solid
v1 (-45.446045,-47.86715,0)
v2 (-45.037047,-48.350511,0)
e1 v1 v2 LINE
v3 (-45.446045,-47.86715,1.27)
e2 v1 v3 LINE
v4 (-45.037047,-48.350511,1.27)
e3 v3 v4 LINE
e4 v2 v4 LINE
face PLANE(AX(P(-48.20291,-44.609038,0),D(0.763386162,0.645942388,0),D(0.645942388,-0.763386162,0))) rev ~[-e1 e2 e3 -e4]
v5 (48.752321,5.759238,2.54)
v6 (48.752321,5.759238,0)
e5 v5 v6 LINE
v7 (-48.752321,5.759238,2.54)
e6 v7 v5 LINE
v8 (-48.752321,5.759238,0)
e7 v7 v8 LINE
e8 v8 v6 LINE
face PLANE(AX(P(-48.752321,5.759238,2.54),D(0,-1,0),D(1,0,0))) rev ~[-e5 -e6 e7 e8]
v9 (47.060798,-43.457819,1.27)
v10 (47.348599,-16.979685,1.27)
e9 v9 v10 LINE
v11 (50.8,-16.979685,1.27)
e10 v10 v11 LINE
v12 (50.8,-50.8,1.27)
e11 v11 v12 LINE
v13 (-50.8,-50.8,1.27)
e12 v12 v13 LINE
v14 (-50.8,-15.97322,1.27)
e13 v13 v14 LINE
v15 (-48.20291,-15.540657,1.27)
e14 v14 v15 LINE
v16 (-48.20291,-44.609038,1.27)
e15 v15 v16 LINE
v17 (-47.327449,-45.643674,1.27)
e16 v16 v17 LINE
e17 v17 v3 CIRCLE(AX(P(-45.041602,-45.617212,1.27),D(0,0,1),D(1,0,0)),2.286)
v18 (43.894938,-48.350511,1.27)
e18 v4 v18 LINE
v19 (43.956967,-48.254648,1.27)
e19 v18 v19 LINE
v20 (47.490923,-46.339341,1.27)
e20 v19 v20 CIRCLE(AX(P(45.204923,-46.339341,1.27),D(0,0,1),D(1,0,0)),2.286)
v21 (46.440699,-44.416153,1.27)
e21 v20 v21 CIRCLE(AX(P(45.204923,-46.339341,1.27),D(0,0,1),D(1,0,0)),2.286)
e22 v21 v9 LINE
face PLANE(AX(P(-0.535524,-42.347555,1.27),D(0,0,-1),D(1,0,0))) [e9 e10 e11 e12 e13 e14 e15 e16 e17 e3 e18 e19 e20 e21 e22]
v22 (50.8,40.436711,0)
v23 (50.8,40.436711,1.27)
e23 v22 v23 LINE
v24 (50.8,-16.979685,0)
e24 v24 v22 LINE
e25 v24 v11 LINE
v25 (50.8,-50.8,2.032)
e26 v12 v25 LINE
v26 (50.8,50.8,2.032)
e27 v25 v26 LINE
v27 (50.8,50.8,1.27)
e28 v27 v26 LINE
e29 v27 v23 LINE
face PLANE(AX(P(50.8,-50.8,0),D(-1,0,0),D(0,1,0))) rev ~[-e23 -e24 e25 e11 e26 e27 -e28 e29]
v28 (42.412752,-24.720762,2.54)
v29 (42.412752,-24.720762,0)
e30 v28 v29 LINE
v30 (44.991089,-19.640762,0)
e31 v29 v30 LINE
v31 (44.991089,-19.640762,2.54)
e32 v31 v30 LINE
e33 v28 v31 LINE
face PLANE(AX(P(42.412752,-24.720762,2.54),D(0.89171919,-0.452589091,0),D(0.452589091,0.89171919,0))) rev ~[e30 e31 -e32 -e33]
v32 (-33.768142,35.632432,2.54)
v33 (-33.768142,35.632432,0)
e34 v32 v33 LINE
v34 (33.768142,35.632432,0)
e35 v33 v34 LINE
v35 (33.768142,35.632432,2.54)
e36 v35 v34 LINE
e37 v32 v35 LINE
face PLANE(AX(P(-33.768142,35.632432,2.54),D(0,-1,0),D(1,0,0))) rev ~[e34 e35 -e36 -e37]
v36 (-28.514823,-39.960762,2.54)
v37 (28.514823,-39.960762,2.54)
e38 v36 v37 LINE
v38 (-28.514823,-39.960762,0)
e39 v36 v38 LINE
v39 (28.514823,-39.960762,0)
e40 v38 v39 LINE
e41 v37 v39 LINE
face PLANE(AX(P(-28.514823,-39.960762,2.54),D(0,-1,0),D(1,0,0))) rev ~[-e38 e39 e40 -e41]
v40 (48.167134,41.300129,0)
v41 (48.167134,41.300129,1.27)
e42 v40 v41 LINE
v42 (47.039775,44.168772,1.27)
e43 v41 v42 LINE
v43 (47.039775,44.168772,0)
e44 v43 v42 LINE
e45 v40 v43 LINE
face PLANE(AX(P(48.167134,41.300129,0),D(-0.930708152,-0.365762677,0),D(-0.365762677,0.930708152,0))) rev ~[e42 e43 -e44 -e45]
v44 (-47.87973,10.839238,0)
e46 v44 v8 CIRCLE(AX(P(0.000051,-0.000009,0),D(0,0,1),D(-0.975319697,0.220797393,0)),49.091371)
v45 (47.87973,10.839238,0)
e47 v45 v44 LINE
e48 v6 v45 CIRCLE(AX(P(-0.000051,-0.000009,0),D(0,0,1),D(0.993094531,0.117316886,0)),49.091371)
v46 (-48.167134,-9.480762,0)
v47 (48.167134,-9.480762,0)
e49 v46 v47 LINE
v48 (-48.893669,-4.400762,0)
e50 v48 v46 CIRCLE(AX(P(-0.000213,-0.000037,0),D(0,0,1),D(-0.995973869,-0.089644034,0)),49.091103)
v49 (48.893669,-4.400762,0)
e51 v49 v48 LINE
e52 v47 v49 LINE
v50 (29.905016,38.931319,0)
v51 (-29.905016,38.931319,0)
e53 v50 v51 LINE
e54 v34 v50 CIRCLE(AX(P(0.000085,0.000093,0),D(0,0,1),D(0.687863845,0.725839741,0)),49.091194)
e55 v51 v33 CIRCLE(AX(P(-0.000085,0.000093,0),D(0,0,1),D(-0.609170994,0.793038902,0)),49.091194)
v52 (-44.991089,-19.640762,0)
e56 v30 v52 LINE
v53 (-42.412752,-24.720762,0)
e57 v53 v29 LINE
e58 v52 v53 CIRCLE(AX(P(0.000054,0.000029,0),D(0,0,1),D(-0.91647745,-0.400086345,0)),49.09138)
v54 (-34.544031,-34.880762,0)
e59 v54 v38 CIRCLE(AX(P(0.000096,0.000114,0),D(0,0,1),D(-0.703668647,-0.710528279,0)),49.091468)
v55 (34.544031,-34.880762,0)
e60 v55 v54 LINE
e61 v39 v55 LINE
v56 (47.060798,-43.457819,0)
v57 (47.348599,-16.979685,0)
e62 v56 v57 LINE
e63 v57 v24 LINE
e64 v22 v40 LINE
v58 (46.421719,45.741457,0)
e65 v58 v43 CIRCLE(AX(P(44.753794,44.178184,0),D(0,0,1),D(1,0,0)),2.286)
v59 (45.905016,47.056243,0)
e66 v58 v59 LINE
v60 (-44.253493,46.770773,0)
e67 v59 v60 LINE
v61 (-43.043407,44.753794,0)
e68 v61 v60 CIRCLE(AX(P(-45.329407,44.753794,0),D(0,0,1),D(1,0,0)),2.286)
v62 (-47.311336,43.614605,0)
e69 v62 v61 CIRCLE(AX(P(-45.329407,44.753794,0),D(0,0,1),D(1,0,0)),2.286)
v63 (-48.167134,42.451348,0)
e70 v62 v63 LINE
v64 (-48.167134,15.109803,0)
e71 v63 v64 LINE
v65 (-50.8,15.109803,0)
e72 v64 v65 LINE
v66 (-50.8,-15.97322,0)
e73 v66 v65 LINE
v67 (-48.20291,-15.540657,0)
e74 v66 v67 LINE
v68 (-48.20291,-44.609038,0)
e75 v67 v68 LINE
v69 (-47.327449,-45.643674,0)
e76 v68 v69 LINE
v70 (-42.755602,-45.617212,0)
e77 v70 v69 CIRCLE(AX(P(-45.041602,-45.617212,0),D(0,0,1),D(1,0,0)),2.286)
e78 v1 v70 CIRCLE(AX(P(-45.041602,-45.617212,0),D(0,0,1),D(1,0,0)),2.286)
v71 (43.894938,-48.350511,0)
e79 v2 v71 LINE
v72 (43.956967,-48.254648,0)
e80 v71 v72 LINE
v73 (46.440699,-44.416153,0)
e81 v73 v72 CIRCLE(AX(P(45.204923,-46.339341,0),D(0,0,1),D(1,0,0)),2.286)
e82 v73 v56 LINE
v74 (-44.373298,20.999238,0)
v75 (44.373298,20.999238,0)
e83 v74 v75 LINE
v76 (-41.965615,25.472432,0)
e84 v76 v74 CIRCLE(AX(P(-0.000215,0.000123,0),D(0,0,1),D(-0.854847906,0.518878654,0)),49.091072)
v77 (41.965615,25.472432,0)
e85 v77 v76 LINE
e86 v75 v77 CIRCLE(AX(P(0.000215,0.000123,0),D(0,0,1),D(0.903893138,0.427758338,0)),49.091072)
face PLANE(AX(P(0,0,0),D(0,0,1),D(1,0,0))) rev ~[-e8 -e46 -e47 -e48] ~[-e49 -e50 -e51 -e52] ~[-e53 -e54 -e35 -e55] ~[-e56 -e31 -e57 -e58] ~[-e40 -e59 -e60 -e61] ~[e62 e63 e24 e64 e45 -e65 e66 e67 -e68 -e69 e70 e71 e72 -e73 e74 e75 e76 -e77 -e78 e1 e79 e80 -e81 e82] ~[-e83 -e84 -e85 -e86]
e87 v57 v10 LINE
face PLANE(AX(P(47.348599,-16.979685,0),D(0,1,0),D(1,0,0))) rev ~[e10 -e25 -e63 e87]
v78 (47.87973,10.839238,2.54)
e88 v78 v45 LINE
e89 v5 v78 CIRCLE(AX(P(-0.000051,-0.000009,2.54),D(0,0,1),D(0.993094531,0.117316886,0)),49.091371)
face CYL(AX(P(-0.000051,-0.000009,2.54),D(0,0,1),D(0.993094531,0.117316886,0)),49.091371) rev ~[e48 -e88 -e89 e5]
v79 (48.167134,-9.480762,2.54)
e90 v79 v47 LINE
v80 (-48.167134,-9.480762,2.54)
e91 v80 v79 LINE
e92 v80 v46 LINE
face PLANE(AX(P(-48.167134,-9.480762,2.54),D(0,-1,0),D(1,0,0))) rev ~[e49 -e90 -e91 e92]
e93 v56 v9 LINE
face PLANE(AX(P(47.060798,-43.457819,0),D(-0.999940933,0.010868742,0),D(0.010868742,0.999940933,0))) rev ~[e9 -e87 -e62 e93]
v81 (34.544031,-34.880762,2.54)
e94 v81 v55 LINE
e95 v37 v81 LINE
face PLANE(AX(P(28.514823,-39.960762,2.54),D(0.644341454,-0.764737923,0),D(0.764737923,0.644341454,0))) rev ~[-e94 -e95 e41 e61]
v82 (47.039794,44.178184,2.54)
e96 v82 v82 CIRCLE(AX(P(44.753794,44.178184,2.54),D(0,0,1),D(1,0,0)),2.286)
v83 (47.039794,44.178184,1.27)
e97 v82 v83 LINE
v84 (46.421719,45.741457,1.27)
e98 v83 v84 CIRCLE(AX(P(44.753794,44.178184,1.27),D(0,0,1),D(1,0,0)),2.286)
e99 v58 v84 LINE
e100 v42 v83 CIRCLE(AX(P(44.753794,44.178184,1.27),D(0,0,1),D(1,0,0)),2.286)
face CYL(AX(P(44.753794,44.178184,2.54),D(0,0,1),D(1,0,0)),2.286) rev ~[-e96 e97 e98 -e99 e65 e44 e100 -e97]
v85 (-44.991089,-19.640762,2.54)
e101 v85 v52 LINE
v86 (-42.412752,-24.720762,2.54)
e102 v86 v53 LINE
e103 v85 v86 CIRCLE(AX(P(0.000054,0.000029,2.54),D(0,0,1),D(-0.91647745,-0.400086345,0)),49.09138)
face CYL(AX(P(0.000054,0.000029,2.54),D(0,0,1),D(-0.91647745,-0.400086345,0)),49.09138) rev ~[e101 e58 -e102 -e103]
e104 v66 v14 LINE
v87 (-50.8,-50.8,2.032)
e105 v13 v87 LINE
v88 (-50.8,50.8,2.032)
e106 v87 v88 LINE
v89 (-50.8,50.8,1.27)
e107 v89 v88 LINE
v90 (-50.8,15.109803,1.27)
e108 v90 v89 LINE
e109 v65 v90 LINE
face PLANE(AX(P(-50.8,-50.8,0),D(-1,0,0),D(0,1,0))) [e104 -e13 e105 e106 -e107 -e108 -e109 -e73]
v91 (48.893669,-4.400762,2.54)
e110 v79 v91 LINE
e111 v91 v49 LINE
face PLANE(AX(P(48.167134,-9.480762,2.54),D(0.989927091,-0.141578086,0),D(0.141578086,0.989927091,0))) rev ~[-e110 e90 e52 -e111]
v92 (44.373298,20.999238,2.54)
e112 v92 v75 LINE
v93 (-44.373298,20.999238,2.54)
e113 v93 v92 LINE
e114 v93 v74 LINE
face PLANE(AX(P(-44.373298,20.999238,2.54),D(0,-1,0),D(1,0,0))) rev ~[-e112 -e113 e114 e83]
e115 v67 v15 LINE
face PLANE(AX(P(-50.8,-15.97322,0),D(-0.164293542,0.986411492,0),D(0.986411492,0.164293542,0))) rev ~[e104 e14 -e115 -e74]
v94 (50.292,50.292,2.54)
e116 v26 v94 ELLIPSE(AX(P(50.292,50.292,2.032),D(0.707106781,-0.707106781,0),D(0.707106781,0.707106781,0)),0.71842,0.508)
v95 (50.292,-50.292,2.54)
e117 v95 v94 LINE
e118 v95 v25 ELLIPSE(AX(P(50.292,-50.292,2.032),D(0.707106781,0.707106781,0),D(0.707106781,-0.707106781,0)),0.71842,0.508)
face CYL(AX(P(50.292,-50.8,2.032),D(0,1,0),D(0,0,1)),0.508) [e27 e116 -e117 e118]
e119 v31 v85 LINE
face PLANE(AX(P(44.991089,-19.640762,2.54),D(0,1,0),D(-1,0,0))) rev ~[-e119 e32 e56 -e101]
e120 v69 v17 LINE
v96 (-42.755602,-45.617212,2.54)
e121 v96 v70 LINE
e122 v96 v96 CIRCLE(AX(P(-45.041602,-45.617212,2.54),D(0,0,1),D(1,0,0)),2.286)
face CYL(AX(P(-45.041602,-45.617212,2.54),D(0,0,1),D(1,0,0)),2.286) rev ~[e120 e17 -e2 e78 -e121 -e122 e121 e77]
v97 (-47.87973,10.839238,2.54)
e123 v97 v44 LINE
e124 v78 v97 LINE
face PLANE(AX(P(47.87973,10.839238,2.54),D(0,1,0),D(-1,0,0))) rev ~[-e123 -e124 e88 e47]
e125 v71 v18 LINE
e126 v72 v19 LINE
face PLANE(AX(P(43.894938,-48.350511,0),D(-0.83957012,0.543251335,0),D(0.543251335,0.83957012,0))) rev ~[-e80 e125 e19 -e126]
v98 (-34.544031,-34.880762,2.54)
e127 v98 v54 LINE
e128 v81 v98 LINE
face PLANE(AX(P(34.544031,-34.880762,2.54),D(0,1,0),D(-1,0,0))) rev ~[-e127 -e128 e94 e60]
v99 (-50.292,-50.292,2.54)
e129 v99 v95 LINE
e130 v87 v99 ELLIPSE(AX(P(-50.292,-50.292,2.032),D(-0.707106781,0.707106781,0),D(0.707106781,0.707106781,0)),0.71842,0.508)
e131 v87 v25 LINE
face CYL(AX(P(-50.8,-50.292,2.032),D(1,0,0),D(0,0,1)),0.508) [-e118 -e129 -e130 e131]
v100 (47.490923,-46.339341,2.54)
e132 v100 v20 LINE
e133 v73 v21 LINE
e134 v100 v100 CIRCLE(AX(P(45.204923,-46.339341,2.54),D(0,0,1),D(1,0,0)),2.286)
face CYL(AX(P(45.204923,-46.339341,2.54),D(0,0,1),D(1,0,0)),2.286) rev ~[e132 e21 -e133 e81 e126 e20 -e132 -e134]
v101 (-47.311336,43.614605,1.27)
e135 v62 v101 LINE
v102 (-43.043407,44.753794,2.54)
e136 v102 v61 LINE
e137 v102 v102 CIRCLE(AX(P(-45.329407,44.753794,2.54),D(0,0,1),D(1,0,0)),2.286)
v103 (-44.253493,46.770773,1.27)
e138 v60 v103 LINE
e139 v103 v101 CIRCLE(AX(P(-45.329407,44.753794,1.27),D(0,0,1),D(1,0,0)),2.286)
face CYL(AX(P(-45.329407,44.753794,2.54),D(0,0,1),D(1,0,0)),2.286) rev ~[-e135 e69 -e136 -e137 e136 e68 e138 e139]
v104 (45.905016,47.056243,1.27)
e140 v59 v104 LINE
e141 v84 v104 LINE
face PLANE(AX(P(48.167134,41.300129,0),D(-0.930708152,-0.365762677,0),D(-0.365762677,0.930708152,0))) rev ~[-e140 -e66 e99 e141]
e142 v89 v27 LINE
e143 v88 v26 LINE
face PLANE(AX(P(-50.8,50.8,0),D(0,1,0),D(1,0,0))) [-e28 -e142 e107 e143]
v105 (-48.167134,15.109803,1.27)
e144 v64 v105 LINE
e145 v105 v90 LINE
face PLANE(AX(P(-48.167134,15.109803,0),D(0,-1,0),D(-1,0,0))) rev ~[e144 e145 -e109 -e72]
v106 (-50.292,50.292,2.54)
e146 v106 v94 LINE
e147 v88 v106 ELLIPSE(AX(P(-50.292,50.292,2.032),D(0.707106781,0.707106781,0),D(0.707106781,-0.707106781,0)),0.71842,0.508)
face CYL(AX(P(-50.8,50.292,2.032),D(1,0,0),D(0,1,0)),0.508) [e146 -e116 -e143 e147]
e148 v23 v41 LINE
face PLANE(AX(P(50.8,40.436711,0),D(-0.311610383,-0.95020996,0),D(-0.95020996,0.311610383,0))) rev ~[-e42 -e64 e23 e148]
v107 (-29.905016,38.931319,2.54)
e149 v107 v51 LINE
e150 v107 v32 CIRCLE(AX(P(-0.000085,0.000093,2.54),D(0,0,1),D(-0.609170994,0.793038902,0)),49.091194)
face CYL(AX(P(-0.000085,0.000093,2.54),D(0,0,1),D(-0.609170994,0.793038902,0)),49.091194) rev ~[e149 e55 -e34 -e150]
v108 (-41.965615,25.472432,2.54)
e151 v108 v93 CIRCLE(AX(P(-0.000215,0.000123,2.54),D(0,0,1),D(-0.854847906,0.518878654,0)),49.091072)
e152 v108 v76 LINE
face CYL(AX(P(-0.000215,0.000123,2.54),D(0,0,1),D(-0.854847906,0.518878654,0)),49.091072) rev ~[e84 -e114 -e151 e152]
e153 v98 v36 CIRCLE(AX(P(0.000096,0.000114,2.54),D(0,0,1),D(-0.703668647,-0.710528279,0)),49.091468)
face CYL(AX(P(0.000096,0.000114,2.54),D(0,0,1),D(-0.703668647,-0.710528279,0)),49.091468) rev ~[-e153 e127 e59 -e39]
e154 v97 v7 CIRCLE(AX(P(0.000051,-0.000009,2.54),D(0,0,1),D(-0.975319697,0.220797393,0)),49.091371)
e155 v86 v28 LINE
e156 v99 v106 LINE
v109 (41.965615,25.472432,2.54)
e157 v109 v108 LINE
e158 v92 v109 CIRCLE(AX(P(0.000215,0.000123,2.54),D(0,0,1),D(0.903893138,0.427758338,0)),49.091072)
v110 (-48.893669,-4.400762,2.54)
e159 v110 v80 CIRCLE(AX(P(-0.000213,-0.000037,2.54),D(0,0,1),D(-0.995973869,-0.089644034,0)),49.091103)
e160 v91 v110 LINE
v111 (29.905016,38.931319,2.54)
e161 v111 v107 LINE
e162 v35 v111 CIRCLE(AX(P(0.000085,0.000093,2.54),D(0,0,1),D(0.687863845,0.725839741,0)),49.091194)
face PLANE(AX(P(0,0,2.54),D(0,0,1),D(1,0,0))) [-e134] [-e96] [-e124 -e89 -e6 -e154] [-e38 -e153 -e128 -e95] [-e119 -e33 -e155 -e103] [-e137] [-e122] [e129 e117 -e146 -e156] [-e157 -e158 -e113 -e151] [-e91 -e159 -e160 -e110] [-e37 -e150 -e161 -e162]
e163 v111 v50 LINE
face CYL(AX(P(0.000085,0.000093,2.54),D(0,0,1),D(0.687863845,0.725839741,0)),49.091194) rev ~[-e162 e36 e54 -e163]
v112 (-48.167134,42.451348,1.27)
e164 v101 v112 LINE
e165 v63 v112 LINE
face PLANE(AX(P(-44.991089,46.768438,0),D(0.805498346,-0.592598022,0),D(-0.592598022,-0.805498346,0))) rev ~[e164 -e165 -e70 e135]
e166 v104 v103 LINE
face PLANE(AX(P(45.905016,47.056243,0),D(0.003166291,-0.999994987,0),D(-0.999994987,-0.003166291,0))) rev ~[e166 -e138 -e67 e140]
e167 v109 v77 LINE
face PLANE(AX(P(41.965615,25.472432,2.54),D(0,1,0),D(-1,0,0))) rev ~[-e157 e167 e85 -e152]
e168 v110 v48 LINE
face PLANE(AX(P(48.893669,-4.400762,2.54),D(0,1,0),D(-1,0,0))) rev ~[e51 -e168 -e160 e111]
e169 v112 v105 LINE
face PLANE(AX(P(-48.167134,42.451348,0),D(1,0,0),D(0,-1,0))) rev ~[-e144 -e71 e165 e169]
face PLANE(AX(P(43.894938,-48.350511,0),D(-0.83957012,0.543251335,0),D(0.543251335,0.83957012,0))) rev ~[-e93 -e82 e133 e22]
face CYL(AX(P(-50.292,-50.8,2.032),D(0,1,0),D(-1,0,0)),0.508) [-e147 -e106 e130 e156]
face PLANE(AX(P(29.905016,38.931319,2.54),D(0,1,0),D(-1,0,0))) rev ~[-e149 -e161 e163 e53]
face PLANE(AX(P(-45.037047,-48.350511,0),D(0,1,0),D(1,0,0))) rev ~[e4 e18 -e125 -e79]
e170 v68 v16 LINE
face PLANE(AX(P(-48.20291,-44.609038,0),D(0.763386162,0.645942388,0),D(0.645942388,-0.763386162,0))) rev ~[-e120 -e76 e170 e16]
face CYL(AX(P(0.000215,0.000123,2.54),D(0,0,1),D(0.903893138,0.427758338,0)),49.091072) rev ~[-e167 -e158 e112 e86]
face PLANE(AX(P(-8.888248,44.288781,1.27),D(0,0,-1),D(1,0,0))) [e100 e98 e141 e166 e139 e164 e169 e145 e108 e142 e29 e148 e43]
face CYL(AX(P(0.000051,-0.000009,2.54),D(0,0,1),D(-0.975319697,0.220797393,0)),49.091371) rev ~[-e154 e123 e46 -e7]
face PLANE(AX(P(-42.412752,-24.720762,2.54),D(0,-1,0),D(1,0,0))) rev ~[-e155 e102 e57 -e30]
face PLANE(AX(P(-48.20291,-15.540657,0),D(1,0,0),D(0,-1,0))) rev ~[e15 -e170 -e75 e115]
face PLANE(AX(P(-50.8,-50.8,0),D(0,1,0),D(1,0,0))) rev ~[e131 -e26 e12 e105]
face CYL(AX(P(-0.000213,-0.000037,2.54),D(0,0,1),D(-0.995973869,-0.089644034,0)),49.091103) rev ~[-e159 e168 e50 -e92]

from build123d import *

# Parameters (mm, degrees)
F0_W      = 101.6
F0_H      = 101.6
F0_R      = 50.2793
F1_DEPTH  = 2.54
F3_DEPTH  = 2.541
F5_DEPTH  = 1.27
F6_R      = 0.508
F7_R      = 2.286
F8_DEPTH  = 2.541
F9_R      = 2.286
F10_DEPTH = 2.541


with BuildPart() as f1:
    # F0 (on Top) → F1 (new body)
    with BuildSketch(Plane.XY):
        Rectangle(F0_W, F0_H)
        Circle(F0_R, mode=Mode.SUBTRACT)
        Circle(F0_R)
    extrude(amount=F1_DEPTH)

    # F2 (on face) → F3 (cut, through all)
    with BuildSketch(Plane.XY.offset(2.54)):
        with BuildLine():
            Line((-33.768142, 35.632432), (33.768142, 35.632432))
            ThreePointArc((33.768142, 35.632432), (31.879279, 37.331879), (29.905016, 38.931319))
            Line((29.905016, 38.931319), (-29.905016, 38.931319))
            ThreePointArc((-29.905016, 38.931319), (-31.879279, 37.331879), (-33.768142, 35.632432))
        make_face()
        with BuildLine():
            Line((-44.373298, 20.999238), (44.373298, 20.999238))
            ThreePointArc((44.373298, 20.999238), (43.227357, 23.266999), (41.965615, 25.472432))
            Line((41.965615, 25.472432), (-41.965615, 25.472432))
            ThreePointArc((-41.965615, 25.472432), (-43.227357, 23.266999), (-44.373298, 20.999238))
        make_face()
        with BuildLine():
            Line((-48.752321, 5.759238), (48.752321, 5.759238))
            ThreePointArc((48.752321, 5.759238), (48.382744, 8.310698), (47.87973, 10.839238))
            Line((47.87973, 10.839238), (-47.87973, 10.839238))
            ThreePointArc((-47.87973, 10.839238), (-48.382744, 8.310698), (-48.752321, 5.759238))
        make_face()
        with BuildLine():
            Line((48.167134, -9.480762), (48.893669, -4.400762))
            Line((48.893669, -4.400762), (-48.893669, -4.400762))
            ThreePointArc((-48.893669, -4.400762), (-48.596826, -6.950262), (-48.167134, -9.480762))
            Line((-48.167134, -9.480762), (48.167134, -9.480762))
        make_face()
        with BuildLine():
            Line((42.412752, -24.720762), (44.991089, -19.640762))
            Line((44.991089, -19.640762), (-44.991089, -19.640762))
            ThreePointArc((-44.991089, -19.640762), (-43.775672, -22.218194), (-42.412752, -24.720762))
            Line((-42.412752, -24.720762), (42.412752, -24.720762))
        make_face()
        with BuildLine():
            Line((28.514823, -39.960762), (34.544031, -34.880762))
            Line((34.544031, -34.880762), (-34.544031, -34.880762))
            ThreePointArc((-34.544031, -34.880762), (-31.631572, -37.541993), (-28.514823, -39.960762))
            Line((-28.514823, -39.960762), (28.514823, -39.960762))
        make_face()
    extrude(amount=-F3_DEPTH, mode=Mode.SUBTRACT)

    # F4 (on face) → F5 (cut)
    with BuildSketch(Plane(origin=(0, 0, 0), x_dir=(1, 0, 0), z_dir=(0, 0, -1))):
        Polygon((-48.20291, 44.609038), (-45.037047, 48.350511), (43.894938, 48.350511), (47.060798, 43.457819), (47.348599, 16.979685), (50.8, 16.979685), (50.8, 50.8), (-50.8, 50.8), (-50.8, 15.97322), (-48.20291, 15.540657), align=None)
        Polygon((-48.167134, -15.109803), (-50.8, -15.109803), (-50.8, -50.8), (50.8, -50.8), (50.8, -40.436711), (48.167134, -41.300129), (45.905016, -47.056243), (-44.991089, -46.768438), (-48.167134, -42.451348), align=None)
    extrude(amount=-F5_DEPTH, mode=Mode.SUBTRACT)

    # F6
    f6_edges = [f1.edges().sort_by_distance(p)[0] for p in [
        (0, 50.8, 2.54),
        (-50.8, 0, 2.54),
        (0, -50.8, 2.54),
        (50.8, 0, 2.54),
    ]]
    fillet(f6_edges, radius=F6_R)

    # F7 (on face) → F8 (cut, through all)
    with BuildSketch(Plane.XY.offset(2.54)):
        with Locations((-45.329407, 44.753794)):
            Circle(F7_R)
        with Locations((44.753794, 44.178184)):
            Circle(F7_R)
        with Locations((45.204923, -46.339341)):
            Circle(F7_R)
    extrude(amount=-F8_DEPTH, mode=Mode.SUBTRACT)

    # F9 (on face) → F10 (cut, through all)
    with BuildSketch(Plane.XY.offset(2.54)):
        with Locations((-45.041602, -45.617212)):
            Circle(F9_R)
    extrude(amount=-F10_DEPTH, mode=Mode.SUBTRACT)


solid = f1.part
